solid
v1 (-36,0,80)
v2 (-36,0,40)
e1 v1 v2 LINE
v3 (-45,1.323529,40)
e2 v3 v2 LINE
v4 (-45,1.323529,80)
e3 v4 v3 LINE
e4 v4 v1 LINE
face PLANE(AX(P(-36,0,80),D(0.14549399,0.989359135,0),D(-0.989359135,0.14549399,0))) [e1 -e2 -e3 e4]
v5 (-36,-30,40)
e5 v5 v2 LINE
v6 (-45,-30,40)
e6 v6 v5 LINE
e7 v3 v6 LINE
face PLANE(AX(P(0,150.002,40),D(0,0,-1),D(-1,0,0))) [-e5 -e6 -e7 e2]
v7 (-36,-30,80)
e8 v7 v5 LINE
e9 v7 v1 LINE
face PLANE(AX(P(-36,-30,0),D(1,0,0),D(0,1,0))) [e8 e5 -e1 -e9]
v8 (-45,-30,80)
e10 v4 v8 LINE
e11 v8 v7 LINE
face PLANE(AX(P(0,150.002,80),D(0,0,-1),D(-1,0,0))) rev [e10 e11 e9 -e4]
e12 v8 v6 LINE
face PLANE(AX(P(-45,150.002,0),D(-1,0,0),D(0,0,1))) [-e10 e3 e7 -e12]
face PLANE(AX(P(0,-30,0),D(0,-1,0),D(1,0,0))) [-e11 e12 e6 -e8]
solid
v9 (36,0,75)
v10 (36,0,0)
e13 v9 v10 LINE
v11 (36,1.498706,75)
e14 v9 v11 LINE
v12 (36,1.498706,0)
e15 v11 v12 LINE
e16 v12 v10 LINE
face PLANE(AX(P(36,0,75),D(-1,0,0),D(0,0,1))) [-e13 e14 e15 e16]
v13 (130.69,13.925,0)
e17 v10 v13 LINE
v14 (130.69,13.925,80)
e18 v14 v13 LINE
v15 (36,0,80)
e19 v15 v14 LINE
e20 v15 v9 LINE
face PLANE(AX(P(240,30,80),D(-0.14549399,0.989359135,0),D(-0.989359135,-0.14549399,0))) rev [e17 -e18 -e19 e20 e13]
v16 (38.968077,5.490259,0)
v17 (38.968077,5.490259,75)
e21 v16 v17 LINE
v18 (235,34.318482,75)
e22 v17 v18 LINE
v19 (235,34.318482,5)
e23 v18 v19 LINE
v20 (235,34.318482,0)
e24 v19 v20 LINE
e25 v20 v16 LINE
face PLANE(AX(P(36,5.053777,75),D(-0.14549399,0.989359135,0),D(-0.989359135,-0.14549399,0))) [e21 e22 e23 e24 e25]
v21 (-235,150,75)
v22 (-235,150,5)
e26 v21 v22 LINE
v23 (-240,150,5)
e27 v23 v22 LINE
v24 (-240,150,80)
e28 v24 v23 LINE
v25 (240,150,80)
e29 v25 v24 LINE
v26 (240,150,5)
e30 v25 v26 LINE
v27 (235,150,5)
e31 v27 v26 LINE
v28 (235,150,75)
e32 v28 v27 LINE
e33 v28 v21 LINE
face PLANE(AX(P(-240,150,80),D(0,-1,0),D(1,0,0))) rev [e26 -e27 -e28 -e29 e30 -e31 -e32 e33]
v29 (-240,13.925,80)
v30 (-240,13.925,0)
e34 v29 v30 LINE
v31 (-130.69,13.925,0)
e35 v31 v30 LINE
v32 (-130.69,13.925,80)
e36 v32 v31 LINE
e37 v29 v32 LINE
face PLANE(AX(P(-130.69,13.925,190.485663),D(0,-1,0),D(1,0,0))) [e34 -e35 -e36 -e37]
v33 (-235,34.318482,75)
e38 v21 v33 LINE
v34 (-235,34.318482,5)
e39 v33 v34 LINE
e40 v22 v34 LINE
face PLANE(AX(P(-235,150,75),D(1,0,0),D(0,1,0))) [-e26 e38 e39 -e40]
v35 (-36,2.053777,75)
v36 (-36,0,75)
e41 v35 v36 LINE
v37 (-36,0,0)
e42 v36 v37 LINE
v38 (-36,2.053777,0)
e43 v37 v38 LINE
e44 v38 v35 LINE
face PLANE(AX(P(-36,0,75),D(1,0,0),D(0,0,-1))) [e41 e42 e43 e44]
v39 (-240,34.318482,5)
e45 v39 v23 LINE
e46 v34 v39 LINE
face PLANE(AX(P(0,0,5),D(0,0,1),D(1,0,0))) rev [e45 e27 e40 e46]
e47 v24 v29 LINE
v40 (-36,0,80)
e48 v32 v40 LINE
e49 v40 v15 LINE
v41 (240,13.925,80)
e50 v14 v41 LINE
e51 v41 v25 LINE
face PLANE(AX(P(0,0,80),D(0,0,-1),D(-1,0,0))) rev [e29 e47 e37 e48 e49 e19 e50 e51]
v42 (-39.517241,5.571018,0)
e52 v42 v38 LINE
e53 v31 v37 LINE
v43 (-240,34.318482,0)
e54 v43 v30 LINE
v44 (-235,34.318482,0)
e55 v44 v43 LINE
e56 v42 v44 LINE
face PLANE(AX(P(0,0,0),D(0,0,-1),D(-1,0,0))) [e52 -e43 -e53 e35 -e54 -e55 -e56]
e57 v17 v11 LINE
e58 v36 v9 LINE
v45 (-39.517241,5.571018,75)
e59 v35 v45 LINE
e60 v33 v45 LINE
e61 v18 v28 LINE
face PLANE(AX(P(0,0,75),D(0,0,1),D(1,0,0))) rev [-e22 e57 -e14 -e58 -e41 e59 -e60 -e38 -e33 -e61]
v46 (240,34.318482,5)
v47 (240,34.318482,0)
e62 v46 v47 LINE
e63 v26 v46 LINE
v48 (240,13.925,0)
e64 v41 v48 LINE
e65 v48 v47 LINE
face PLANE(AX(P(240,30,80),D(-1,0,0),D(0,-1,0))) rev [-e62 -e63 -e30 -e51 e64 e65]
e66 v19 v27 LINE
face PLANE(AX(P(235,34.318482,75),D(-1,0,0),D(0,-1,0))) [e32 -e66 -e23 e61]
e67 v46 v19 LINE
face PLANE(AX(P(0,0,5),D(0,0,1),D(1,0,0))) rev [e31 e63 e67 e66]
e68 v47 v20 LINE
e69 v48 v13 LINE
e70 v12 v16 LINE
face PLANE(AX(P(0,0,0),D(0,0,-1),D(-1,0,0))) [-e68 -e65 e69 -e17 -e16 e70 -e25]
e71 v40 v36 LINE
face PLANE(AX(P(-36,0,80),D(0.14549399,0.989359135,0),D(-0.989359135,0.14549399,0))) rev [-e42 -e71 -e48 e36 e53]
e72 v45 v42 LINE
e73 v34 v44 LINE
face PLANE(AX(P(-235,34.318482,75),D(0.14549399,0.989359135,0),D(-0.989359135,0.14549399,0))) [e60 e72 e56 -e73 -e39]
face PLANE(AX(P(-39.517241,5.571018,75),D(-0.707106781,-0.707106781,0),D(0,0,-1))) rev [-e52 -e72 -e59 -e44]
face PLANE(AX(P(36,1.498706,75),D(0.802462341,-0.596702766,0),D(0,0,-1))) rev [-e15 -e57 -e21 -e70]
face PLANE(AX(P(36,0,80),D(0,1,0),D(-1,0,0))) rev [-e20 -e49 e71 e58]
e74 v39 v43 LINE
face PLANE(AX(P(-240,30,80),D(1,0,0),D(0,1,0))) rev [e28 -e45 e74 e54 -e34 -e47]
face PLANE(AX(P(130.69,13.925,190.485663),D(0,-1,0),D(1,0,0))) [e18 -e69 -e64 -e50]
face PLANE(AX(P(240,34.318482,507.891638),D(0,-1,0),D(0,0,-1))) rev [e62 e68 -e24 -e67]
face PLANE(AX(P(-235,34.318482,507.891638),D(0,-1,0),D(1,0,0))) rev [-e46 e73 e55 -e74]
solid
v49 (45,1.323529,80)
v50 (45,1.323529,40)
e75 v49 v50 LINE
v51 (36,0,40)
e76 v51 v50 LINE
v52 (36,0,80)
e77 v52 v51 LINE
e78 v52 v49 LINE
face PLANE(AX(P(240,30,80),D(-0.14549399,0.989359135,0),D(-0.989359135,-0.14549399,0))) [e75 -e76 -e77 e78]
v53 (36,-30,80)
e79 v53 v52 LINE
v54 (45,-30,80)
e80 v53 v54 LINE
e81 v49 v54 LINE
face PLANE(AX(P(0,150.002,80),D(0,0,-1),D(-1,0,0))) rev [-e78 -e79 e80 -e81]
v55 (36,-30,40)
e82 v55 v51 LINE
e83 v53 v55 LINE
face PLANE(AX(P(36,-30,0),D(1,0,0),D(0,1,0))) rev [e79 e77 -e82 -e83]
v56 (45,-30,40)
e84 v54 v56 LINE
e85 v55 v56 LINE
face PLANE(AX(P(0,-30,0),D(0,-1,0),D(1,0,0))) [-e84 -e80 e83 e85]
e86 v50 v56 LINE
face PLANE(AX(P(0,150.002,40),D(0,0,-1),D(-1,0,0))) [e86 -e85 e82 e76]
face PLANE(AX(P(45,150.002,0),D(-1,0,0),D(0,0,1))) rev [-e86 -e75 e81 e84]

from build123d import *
from OCP.BRepFilletAPI import BRepFilletAPI_MakeChamfer

# Parameters (mm, degrees)
EXTRUDE_1_DEPTH             = 80
CUT_EXTRUDE_1_DEPTH         = 70
CUT_EXTRUDE_2_DEPTH         = 5
EXTRUDE_3_DEPTH             = 30
EXTRUDE_3_DIRECTION_2_REACH = 296.109
EXTRUDE_4_DEPTH             = 80
CHAMFER_1_SIZE              = 3
CHAMFER_1_SIZE2             = 3.555070402


with BuildPart() as part:
    # 草圖20 → 填料-伸長1 (new body)
    with BuildSketch(Plane.XY):
        Polygon((-36, 0), (-240, 30), (-240, 150), (240, 150), (240, 30), (36, 0), align=None)
    extrude(amount=EXTRUDE_1_DEPTH)

    # 草圖22 → 除料-伸長1 (cut)
    with BuildSketch(Plane.XY.offset(5)):
        Polygon((-235, 34.318482435), (-36, 5.053776552), (-36, 0), (36, 0), (36, 5.053776552), (235, 34.318482435), (235, 150), (-235, 150), align=None)
    extrude(amount=CUT_EXTRUDE_1_DEPTH, mode=Mode.SUBTRACT)

    # 草圖23 → 除料-伸長2 (cut)
    with BuildSketch(Plane(origin=(0, 0, 0), x_dir=(-1, 0, 0), z_dir=(0, 0, -1))):
        Polygon((-240, 34.318482435), (-235, 34.318482435), (-36, 5.053776552), (-36, 0), (36, 0), (36, 5.053776552), (235, 34.318482435), (240, 34.318482435), (240, 150), (-240, 150), align=None)
    extrude(amount=-CUT_EXTRUDE_2_DEPTH, mode=Mode.SUBTRACT)


with BuildPart() as body_2:
    # 草圖25 → 填料-伸長3 (new body)
    with BuildSketch(Plane.XZ):
        Polygon((-36, 80), (-45, 80), (-45, 40), (-36, 40), (-36, 75), align=None)
        Polygon((45, 40), (45, 80), (36, 80), (36, 75), (36, 40), align=None)
    extrude(amount=EXTRUDE_3_DEPTH)


    # 草圖25 → 填料-伸長3 direction 2 (add, up to next)
    with BuildSketch(Plane.XZ, mode=Mode.PRIVATE) as extrude_3_direction_2_sk1:
        Polygon((-36, 80), (-45, 80), (-45, 40), (-36, 40), (-36, 75), align=None)
    extrude_3_direction_2_tool1 = extrude(extrude_3_direction_2_sk1.sketch, amount=-EXTRUDE_3_DIRECTION_2_REACH, mode=Mode.PRIVATE) - part.part
    # 草圖25 → 填料-伸長3 direction 2 (add, up to next)
    with BuildSketch(Plane.XZ, mode=Mode.PRIVATE) as extrude_3_direction_2_sk2:
        Polygon((45, 40), (45, 80), (36, 80), (36, 75), (36, 40), align=None)
    extrude_3_direction_2_tool2 = extrude(extrude_3_direction_2_sk2.sketch, amount=-EXTRUDE_3_DIRECTION_2_REACH, mode=Mode.PRIVATE) - part.part
    add(extrude_3_direction_2_tool1.solids().sort_by_distance((-40.5, 0, 60))[0])
    add(extrude_3_direction_2_tool2.solids().sort_by_distance((40.5, 0, 60))[0])


with BuildPart() as part_1:
    add(part.part)

    # 草圖26 → 填料-伸長4 (add)
    with BuildSketch(Plane(origin=(0, 0, 0), x_dir=(-1, 0, 0), z_dir=(0, 0, -1))):
        Polygon((-130.69, 13.925), (-240, 13.925), (-240, 30), align=None)
        Polygon((240, 13.925), (240, 30), (130.69, 13.925), align=None)
    extrude(amount=-EXTRUDE_4_DEPTH)

    # 導角1: one chamfer whose edges measure the first distance from different faces: ONE call of the kernel's chamfer builder (chamfer() names one face for all edges)
    chamfer_1_edges_1 = [part_1.edges().sort_by_distance(p)[0] for p in [
        (36, 5.053776552, 37.5),
    ]]
    chamfer_1_side_1 = [part_1.faces().sort_by_distance(p)[0] for p in [
        (135.5, 19.686129493, 37.5),
    ]]
    chamfer_1_edges_2 = [part_1.edges().sort_by_distance(p)[0] for p in [
        (-36, 5.053776552, 37.5),
    ]]
    chamfer_1_side_2 = [part_1.faces().sort_by_distance(p)[0] for p in [
        (-36, 2.526888276, 37.5),
    ]]
    chamfer_1 = BRepFilletAPI_MakeChamfer(part_1.part.solid().wrapped)
    for e in chamfer_1_edges_1:
        chamfer_1.Add(CHAMFER_1_SIZE, CHAMFER_1_SIZE2, e.wrapped, chamfer_1_side_1[0].wrapped)  # the first distance lies on this face
    for e in chamfer_1_edges_2:
        chamfer_1.Add(CHAMFER_1_SIZE, CHAMFER_1_SIZE2, e.wrapped, chamfer_1_side_2[0].wrapped)  # the first distance lies on this face
    add(Compound.cast(chamfer_1.Shape()), mode=Mode.REPLACE)


solid = Compound([body_2.part, part_1.part])
